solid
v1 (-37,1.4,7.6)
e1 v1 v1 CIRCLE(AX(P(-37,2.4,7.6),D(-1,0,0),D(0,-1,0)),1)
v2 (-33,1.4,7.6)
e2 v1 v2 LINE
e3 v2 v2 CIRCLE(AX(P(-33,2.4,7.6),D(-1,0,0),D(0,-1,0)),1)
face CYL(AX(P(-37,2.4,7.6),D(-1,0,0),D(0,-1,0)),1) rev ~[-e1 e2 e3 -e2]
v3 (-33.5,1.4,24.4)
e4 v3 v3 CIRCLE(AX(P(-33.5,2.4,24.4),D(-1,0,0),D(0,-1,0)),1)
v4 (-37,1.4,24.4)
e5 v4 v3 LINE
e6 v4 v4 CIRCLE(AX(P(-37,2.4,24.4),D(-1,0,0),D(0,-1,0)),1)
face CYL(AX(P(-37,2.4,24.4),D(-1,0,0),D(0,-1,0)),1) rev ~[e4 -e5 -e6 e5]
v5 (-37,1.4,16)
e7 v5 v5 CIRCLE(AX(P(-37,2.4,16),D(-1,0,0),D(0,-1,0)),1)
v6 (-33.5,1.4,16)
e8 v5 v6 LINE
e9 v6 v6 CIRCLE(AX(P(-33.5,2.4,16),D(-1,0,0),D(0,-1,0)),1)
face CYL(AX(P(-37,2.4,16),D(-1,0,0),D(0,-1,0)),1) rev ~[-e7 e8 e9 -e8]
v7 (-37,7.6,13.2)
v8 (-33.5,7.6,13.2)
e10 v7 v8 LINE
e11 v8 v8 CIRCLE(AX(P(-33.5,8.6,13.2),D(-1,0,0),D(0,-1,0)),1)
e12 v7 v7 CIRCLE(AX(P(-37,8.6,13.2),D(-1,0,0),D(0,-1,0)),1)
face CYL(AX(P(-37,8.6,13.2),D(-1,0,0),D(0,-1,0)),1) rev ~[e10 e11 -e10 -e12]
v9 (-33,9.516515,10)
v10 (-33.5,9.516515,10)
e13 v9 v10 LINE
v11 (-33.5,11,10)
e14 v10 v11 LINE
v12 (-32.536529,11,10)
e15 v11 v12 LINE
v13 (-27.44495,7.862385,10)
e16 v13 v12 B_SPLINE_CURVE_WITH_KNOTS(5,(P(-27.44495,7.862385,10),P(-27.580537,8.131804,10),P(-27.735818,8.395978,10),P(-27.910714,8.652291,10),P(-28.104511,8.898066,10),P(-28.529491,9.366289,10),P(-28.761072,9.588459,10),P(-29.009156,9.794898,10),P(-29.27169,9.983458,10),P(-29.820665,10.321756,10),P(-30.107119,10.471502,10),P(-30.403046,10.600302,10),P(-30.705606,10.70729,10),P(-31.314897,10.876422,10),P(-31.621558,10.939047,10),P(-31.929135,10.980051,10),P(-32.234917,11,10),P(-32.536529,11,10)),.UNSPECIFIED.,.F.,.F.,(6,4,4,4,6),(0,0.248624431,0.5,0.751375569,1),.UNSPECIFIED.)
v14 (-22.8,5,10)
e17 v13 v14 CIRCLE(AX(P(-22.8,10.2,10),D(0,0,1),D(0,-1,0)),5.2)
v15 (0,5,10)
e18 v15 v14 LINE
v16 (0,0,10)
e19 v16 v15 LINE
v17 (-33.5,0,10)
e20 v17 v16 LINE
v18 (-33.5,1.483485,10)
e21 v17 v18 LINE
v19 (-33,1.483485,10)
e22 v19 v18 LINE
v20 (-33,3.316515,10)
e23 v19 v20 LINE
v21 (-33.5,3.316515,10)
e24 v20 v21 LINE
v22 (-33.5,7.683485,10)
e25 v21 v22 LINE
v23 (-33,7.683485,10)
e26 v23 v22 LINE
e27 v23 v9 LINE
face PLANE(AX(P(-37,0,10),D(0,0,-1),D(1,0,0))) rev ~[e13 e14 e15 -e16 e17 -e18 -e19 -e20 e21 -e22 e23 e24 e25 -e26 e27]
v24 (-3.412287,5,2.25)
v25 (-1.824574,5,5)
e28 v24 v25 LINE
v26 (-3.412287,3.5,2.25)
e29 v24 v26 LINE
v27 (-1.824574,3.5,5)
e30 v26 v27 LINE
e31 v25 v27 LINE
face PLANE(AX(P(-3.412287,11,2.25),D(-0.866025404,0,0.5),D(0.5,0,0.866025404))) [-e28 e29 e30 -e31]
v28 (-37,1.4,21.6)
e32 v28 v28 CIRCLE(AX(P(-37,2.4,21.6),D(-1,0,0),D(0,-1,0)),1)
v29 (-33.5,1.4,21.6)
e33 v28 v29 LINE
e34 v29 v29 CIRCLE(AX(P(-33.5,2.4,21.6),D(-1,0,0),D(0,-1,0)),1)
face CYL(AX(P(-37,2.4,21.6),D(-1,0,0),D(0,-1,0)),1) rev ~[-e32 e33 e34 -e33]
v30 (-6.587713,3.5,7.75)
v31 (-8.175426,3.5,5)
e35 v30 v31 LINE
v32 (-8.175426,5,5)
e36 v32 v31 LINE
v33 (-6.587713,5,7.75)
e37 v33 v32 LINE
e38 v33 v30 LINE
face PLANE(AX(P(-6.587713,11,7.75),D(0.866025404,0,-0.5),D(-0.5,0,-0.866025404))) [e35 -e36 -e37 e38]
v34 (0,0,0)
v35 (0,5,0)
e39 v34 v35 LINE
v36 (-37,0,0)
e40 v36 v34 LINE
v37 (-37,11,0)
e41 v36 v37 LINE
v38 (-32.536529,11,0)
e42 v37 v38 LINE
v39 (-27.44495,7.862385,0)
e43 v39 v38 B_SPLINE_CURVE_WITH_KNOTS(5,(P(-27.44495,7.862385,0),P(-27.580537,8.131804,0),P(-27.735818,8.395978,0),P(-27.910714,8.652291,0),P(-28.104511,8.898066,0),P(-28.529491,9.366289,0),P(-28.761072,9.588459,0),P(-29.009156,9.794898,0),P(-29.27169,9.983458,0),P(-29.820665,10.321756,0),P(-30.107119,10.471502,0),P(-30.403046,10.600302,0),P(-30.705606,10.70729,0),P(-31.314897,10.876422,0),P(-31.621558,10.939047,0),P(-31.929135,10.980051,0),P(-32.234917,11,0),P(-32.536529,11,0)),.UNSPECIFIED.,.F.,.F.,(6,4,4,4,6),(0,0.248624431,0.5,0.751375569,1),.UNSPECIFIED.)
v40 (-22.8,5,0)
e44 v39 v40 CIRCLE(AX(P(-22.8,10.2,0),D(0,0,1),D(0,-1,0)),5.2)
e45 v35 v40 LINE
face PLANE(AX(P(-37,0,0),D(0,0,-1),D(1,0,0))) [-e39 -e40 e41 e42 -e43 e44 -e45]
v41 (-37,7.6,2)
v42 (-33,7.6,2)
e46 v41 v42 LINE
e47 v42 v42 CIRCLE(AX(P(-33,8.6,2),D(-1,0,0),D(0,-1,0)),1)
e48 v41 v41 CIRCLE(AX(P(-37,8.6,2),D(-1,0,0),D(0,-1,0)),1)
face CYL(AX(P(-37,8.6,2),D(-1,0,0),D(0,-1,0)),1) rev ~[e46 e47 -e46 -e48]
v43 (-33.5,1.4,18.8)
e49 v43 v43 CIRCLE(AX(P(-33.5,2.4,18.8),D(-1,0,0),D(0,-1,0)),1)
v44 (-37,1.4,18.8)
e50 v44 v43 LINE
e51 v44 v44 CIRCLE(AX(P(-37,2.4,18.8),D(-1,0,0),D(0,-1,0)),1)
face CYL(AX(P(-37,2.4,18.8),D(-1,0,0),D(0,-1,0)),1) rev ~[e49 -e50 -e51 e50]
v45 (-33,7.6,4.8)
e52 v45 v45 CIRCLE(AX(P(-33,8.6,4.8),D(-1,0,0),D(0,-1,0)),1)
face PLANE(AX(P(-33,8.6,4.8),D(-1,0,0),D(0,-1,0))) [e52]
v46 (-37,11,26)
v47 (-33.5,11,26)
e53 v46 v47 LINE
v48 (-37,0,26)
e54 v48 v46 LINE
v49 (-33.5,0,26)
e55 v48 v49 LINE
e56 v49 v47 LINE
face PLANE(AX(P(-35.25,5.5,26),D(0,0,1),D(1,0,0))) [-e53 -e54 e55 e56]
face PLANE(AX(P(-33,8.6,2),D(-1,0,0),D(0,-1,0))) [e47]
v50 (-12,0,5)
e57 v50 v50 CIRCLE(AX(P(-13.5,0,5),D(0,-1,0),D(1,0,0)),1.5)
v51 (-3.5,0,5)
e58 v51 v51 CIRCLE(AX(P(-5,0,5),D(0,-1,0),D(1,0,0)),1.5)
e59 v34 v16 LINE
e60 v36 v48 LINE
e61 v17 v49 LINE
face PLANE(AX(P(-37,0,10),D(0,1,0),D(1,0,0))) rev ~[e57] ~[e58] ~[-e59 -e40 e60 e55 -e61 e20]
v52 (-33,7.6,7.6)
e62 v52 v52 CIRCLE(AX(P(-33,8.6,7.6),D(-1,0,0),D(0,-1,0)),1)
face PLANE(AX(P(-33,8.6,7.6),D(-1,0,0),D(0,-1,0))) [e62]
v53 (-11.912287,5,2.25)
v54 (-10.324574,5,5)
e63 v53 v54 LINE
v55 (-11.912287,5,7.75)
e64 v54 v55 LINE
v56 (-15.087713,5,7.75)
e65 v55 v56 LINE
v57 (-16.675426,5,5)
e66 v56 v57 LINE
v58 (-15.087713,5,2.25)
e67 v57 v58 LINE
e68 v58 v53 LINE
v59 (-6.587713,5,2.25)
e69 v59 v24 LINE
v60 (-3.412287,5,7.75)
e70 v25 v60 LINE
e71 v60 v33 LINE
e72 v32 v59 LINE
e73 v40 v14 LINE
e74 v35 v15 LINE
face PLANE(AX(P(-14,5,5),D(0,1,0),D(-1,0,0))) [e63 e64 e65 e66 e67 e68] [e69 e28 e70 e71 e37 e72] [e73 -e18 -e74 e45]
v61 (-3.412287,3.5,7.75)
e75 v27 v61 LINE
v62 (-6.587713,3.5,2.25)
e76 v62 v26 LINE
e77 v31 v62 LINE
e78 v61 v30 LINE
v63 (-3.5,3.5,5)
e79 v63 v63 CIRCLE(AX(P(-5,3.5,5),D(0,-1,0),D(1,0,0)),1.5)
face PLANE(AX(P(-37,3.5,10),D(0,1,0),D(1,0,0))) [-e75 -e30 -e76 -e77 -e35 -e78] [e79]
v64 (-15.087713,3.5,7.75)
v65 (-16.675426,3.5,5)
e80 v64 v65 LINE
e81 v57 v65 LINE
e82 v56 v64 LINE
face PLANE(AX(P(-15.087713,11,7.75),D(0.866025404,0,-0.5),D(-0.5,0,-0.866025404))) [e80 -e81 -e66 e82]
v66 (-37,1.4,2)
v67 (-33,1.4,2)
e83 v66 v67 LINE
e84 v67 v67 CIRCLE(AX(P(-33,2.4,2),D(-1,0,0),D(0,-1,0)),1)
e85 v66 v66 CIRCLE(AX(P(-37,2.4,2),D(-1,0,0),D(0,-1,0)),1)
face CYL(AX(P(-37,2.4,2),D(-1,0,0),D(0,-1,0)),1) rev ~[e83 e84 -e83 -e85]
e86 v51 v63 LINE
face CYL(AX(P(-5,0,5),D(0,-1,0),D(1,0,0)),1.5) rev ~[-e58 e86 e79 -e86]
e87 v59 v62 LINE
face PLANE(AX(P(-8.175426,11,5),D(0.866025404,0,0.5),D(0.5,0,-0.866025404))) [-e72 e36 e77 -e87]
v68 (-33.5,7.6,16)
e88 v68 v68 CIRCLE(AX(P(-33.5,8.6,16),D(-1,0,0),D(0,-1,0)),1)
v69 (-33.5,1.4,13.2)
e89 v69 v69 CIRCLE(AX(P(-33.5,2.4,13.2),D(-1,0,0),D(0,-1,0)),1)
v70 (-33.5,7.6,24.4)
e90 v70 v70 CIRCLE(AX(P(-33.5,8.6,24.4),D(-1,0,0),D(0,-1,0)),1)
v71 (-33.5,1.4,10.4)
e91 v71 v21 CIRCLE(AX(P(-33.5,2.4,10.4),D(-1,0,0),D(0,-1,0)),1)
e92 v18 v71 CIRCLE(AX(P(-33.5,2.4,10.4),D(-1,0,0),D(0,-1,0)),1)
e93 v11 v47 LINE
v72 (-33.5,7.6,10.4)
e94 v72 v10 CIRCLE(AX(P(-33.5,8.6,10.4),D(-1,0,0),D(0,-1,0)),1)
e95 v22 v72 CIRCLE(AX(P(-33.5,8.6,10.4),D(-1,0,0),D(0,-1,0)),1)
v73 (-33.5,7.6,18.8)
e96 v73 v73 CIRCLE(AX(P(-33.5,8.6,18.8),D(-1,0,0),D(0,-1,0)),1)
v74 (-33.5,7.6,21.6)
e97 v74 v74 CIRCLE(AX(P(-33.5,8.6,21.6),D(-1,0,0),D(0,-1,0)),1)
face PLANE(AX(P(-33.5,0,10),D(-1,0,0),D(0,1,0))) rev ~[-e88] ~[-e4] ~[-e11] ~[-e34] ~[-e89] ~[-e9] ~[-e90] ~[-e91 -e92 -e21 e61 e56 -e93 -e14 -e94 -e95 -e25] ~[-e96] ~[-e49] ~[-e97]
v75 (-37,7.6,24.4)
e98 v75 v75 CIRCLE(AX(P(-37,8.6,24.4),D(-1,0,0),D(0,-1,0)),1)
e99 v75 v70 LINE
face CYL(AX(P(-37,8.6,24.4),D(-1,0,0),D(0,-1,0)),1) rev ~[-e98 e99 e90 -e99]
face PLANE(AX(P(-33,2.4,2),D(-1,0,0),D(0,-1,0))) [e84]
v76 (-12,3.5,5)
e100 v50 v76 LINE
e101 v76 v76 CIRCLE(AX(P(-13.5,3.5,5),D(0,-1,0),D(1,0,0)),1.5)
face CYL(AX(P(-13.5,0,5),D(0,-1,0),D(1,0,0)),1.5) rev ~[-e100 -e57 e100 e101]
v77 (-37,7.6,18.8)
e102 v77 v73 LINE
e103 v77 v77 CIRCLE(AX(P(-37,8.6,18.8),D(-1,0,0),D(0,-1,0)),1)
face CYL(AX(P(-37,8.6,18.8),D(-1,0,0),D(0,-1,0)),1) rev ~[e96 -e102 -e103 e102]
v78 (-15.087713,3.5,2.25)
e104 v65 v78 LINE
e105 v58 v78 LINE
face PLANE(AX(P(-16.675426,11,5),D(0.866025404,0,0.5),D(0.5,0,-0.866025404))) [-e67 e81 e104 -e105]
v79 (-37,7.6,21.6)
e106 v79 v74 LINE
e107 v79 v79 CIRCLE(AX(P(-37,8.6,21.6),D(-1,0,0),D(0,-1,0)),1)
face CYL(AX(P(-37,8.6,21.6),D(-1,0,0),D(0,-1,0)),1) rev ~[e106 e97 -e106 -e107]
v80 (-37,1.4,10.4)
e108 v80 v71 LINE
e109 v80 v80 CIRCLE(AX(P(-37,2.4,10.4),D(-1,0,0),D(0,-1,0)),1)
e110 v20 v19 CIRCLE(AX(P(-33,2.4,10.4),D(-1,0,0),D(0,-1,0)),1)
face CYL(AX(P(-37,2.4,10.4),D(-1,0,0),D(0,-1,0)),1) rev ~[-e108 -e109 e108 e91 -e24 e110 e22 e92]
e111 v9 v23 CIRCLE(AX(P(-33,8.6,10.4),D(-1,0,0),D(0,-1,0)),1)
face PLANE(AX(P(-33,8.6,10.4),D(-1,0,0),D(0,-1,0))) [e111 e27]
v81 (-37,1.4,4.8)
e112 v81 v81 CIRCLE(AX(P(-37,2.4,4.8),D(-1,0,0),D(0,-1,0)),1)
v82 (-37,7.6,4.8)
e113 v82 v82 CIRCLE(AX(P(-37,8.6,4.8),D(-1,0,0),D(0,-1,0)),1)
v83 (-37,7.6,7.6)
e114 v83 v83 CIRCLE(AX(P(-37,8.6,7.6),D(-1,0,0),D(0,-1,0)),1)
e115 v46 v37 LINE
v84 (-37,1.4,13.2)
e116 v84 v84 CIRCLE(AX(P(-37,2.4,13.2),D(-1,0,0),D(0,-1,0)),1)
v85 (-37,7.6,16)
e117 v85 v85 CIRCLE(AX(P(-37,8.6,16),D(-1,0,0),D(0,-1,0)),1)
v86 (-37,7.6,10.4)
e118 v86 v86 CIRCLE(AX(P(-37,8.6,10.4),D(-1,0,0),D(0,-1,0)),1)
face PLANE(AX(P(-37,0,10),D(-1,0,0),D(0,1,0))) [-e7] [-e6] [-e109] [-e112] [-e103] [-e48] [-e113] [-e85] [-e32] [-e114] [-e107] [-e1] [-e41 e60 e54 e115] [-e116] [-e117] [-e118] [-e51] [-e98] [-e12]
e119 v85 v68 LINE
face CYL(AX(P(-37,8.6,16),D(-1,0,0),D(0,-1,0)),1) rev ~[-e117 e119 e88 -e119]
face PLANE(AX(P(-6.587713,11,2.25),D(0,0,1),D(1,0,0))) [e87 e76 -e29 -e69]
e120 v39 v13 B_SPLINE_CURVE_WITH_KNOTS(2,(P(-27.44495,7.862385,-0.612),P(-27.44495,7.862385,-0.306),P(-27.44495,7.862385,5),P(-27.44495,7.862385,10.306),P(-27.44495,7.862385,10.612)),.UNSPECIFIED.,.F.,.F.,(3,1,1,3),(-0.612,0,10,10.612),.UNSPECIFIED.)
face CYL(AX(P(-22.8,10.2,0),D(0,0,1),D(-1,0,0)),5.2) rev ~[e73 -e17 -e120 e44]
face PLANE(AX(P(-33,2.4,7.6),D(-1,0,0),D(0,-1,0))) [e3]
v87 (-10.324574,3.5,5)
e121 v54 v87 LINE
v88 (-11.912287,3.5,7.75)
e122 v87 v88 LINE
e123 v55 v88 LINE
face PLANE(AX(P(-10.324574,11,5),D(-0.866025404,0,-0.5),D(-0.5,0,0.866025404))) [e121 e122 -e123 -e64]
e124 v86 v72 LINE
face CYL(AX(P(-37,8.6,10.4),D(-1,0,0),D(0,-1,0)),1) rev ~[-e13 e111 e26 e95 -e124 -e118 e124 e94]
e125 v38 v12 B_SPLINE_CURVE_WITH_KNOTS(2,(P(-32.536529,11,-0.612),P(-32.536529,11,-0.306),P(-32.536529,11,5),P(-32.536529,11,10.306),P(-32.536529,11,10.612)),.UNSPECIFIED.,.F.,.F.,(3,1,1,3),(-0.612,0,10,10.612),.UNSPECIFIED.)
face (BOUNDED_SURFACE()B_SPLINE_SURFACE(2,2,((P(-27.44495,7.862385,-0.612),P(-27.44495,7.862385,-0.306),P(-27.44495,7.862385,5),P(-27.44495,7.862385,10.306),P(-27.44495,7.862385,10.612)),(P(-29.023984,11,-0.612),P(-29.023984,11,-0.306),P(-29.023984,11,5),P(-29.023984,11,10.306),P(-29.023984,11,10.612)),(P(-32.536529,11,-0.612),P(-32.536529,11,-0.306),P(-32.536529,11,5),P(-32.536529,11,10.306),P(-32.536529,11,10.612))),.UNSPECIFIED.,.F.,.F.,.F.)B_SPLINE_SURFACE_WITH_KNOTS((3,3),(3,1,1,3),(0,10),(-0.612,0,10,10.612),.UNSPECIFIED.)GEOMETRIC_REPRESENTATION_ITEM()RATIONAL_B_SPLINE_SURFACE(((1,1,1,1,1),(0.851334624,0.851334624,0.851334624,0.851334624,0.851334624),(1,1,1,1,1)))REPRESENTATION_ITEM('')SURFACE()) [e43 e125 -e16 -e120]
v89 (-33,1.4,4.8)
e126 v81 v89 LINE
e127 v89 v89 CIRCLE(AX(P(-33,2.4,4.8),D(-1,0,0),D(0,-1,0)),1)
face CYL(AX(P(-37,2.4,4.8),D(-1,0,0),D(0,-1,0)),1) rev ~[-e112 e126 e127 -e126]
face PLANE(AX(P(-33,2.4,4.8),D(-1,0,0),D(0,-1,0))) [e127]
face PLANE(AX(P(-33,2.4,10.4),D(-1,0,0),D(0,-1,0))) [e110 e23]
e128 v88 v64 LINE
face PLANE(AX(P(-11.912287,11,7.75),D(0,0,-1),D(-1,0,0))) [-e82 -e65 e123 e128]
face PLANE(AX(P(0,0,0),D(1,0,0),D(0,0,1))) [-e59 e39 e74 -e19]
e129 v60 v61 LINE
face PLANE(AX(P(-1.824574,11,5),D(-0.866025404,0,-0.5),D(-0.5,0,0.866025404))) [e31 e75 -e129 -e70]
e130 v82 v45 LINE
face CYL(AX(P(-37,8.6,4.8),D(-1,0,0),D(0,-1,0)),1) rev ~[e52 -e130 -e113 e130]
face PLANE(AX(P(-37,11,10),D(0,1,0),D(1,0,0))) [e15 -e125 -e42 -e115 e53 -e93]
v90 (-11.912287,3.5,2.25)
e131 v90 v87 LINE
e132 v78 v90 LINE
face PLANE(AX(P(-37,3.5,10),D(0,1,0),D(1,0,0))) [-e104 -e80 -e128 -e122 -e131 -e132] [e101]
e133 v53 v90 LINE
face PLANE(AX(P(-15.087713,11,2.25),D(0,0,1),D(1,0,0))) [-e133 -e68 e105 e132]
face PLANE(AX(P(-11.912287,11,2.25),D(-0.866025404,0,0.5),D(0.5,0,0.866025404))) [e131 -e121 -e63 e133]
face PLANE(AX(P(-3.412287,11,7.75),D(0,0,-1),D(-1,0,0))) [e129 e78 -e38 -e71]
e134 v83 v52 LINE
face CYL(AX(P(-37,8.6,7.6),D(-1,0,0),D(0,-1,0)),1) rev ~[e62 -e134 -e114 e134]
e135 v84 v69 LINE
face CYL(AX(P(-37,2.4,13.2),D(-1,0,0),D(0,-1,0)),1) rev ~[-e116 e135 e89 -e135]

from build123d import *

# Parameters (mm, degrees)
F0_W     = 37
F0_H     = 10
F0_R     = 1.5
F1_DEPTH = 11
F2_W     = 3.5
F2_H     = 11
F3_DEPTH = 16
F4_W     = 28
F4_H     = 10
F5_DEPTH = 6
F6_DEPTH = 7.5
F7_DEPTH = 7.5
F8_R     = 1
F9_DEPTH = 4
F10_R    = 5.2
F11_R    = 5.7


with BuildPart() as f1:
    # F0 (on Front) → F1 (new body)
    with BuildSketch(Plane.XZ):
        with Locations((-18.5, 5)):
            Rectangle(F0_W, F0_H)
        with Locations((-13.5, 5)):
            Circle(F0_R, mode=Mode.SUBTRACT)
        with Locations((-5, 5)):
            Circle(F0_R, mode=Mode.SUBTRACT)
    extrude(amount=-F1_DEPTH)

    # F2 (on face) → F3 (join)
    with BuildSketch(Plane.XY.offset(10)):
        with Locations((-35.25, 5.5)):
            Rectangle(F2_W, F2_H)
    extrude(amount=F3_DEPTH)

    # F4 (on face) → F5 (cut)
    with BuildSketch(Plane(origin=(0, 11, 0), x_dir=(-1, 0, 0), z_dir=(0, 1, 0))):
        with Locations((14, 5)):
            Rectangle(F4_W, F4_H)
        Polygon((6.5877132403, 7.75), (8.1754264805, 5), (6.5877132403, 2.25), (3.4122867597, 2.25), (1.8245735195, 5), (3.4122867597, 7.75), align=None, mode=Mode.SUBTRACT)
        Polygon((16.6754264805, 5), (15.0877132403, 2.25), (11.9122867597, 2.25), (10.3245735195, 5), (11.9122867597, 7.75), (15.0877132403, 7.75), align=None, mode=Mode.SUBTRACT)
    extrude(amount=-F5_DEPTH, mode=Mode.SUBTRACT)

    # F6 (cut): a face of the model
    f6_faces = [f1.faces().sort_by_distance(p)[0] for p in [
        (-2.6911883006, 11, 3.6670069439),
    ]]
    extrude(f6_faces, amount=-F6_DEPTH, mode=Mode.SUBTRACT)

    # F7 (cut): a face of the model
    f7_faces = [f1.faces().sort_by_distance(p)[0] for p in [
        (-13.5, 11, 7.6659861123),
    ]]
    extrude(f7_faces, amount=-F7_DEPTH, mode=Mode.SUBTRACT)

    # F8 (on face) → F9 (cut)
    with BuildSketch(Plane(origin=(-37, 0, 0), x_dir=(0, -1, 0), z_dir=(-1, 0, 0))):
        with Locations((-8.6, 2)):
            Circle(F8_R)
        with Locations((-2.4, 2)):
            Circle(F8_R)
        with Locations((-2.4, 4.8)):
            Circle(F8_R)
        with Locations((-8.6, 4.8)):
            Circle(F8_R)
        with Locations((-2.4, 7.6)):
            Circle(F8_R)
        with Locations((-8.6, 7.6)):
            Circle(F8_R)
        with Locations((-2.4, 10.4)):
            Circle(F8_R)
        with Locations((-8.6, 10.4)):
            Circle(F8_R)
        with Locations((-2.4, 13.2)):
            Circle(F8_R)
        with Locations((-8.6, 13.2)):
            Circle(F8_R)
        with Locations((-2.4, 16)):
            Circle(F8_R)
        with Locations((-8.6, 16)):
            Circle(F8_R)
        with Locations((-2.4, 18.8)):
            Circle(F8_R)
        with Locations((-8.6, 18.8)):
            Circle(F8_R)
        with Locations((-2.4, 21.6)):
            Circle(F8_R)
        with Locations((-8.6, 21.6)):
            Circle(F8_R)
        with Locations((-2.4, 24.4)):
            Circle(F8_R)
        with Locations((-8.6, 24.4)):
            Circle(F8_R)
    extrude(amount=-F9_DEPTH, mode=Mode.SUBTRACT)

    # F10
    f10_edges = [f1.edges().sort_by_distance(p)[0] for p in [
        (-28, 5, 5),
    ]]
    fillet(f10_edges, radius=F10_R)

    # F11
    f11_edges = [f1.edges().sort_by_distance(p)[0] for p in [
        (-28, 11, 5),
    ]]
    fillet(f11_edges, radius=F11_R)


solid = f1.part
